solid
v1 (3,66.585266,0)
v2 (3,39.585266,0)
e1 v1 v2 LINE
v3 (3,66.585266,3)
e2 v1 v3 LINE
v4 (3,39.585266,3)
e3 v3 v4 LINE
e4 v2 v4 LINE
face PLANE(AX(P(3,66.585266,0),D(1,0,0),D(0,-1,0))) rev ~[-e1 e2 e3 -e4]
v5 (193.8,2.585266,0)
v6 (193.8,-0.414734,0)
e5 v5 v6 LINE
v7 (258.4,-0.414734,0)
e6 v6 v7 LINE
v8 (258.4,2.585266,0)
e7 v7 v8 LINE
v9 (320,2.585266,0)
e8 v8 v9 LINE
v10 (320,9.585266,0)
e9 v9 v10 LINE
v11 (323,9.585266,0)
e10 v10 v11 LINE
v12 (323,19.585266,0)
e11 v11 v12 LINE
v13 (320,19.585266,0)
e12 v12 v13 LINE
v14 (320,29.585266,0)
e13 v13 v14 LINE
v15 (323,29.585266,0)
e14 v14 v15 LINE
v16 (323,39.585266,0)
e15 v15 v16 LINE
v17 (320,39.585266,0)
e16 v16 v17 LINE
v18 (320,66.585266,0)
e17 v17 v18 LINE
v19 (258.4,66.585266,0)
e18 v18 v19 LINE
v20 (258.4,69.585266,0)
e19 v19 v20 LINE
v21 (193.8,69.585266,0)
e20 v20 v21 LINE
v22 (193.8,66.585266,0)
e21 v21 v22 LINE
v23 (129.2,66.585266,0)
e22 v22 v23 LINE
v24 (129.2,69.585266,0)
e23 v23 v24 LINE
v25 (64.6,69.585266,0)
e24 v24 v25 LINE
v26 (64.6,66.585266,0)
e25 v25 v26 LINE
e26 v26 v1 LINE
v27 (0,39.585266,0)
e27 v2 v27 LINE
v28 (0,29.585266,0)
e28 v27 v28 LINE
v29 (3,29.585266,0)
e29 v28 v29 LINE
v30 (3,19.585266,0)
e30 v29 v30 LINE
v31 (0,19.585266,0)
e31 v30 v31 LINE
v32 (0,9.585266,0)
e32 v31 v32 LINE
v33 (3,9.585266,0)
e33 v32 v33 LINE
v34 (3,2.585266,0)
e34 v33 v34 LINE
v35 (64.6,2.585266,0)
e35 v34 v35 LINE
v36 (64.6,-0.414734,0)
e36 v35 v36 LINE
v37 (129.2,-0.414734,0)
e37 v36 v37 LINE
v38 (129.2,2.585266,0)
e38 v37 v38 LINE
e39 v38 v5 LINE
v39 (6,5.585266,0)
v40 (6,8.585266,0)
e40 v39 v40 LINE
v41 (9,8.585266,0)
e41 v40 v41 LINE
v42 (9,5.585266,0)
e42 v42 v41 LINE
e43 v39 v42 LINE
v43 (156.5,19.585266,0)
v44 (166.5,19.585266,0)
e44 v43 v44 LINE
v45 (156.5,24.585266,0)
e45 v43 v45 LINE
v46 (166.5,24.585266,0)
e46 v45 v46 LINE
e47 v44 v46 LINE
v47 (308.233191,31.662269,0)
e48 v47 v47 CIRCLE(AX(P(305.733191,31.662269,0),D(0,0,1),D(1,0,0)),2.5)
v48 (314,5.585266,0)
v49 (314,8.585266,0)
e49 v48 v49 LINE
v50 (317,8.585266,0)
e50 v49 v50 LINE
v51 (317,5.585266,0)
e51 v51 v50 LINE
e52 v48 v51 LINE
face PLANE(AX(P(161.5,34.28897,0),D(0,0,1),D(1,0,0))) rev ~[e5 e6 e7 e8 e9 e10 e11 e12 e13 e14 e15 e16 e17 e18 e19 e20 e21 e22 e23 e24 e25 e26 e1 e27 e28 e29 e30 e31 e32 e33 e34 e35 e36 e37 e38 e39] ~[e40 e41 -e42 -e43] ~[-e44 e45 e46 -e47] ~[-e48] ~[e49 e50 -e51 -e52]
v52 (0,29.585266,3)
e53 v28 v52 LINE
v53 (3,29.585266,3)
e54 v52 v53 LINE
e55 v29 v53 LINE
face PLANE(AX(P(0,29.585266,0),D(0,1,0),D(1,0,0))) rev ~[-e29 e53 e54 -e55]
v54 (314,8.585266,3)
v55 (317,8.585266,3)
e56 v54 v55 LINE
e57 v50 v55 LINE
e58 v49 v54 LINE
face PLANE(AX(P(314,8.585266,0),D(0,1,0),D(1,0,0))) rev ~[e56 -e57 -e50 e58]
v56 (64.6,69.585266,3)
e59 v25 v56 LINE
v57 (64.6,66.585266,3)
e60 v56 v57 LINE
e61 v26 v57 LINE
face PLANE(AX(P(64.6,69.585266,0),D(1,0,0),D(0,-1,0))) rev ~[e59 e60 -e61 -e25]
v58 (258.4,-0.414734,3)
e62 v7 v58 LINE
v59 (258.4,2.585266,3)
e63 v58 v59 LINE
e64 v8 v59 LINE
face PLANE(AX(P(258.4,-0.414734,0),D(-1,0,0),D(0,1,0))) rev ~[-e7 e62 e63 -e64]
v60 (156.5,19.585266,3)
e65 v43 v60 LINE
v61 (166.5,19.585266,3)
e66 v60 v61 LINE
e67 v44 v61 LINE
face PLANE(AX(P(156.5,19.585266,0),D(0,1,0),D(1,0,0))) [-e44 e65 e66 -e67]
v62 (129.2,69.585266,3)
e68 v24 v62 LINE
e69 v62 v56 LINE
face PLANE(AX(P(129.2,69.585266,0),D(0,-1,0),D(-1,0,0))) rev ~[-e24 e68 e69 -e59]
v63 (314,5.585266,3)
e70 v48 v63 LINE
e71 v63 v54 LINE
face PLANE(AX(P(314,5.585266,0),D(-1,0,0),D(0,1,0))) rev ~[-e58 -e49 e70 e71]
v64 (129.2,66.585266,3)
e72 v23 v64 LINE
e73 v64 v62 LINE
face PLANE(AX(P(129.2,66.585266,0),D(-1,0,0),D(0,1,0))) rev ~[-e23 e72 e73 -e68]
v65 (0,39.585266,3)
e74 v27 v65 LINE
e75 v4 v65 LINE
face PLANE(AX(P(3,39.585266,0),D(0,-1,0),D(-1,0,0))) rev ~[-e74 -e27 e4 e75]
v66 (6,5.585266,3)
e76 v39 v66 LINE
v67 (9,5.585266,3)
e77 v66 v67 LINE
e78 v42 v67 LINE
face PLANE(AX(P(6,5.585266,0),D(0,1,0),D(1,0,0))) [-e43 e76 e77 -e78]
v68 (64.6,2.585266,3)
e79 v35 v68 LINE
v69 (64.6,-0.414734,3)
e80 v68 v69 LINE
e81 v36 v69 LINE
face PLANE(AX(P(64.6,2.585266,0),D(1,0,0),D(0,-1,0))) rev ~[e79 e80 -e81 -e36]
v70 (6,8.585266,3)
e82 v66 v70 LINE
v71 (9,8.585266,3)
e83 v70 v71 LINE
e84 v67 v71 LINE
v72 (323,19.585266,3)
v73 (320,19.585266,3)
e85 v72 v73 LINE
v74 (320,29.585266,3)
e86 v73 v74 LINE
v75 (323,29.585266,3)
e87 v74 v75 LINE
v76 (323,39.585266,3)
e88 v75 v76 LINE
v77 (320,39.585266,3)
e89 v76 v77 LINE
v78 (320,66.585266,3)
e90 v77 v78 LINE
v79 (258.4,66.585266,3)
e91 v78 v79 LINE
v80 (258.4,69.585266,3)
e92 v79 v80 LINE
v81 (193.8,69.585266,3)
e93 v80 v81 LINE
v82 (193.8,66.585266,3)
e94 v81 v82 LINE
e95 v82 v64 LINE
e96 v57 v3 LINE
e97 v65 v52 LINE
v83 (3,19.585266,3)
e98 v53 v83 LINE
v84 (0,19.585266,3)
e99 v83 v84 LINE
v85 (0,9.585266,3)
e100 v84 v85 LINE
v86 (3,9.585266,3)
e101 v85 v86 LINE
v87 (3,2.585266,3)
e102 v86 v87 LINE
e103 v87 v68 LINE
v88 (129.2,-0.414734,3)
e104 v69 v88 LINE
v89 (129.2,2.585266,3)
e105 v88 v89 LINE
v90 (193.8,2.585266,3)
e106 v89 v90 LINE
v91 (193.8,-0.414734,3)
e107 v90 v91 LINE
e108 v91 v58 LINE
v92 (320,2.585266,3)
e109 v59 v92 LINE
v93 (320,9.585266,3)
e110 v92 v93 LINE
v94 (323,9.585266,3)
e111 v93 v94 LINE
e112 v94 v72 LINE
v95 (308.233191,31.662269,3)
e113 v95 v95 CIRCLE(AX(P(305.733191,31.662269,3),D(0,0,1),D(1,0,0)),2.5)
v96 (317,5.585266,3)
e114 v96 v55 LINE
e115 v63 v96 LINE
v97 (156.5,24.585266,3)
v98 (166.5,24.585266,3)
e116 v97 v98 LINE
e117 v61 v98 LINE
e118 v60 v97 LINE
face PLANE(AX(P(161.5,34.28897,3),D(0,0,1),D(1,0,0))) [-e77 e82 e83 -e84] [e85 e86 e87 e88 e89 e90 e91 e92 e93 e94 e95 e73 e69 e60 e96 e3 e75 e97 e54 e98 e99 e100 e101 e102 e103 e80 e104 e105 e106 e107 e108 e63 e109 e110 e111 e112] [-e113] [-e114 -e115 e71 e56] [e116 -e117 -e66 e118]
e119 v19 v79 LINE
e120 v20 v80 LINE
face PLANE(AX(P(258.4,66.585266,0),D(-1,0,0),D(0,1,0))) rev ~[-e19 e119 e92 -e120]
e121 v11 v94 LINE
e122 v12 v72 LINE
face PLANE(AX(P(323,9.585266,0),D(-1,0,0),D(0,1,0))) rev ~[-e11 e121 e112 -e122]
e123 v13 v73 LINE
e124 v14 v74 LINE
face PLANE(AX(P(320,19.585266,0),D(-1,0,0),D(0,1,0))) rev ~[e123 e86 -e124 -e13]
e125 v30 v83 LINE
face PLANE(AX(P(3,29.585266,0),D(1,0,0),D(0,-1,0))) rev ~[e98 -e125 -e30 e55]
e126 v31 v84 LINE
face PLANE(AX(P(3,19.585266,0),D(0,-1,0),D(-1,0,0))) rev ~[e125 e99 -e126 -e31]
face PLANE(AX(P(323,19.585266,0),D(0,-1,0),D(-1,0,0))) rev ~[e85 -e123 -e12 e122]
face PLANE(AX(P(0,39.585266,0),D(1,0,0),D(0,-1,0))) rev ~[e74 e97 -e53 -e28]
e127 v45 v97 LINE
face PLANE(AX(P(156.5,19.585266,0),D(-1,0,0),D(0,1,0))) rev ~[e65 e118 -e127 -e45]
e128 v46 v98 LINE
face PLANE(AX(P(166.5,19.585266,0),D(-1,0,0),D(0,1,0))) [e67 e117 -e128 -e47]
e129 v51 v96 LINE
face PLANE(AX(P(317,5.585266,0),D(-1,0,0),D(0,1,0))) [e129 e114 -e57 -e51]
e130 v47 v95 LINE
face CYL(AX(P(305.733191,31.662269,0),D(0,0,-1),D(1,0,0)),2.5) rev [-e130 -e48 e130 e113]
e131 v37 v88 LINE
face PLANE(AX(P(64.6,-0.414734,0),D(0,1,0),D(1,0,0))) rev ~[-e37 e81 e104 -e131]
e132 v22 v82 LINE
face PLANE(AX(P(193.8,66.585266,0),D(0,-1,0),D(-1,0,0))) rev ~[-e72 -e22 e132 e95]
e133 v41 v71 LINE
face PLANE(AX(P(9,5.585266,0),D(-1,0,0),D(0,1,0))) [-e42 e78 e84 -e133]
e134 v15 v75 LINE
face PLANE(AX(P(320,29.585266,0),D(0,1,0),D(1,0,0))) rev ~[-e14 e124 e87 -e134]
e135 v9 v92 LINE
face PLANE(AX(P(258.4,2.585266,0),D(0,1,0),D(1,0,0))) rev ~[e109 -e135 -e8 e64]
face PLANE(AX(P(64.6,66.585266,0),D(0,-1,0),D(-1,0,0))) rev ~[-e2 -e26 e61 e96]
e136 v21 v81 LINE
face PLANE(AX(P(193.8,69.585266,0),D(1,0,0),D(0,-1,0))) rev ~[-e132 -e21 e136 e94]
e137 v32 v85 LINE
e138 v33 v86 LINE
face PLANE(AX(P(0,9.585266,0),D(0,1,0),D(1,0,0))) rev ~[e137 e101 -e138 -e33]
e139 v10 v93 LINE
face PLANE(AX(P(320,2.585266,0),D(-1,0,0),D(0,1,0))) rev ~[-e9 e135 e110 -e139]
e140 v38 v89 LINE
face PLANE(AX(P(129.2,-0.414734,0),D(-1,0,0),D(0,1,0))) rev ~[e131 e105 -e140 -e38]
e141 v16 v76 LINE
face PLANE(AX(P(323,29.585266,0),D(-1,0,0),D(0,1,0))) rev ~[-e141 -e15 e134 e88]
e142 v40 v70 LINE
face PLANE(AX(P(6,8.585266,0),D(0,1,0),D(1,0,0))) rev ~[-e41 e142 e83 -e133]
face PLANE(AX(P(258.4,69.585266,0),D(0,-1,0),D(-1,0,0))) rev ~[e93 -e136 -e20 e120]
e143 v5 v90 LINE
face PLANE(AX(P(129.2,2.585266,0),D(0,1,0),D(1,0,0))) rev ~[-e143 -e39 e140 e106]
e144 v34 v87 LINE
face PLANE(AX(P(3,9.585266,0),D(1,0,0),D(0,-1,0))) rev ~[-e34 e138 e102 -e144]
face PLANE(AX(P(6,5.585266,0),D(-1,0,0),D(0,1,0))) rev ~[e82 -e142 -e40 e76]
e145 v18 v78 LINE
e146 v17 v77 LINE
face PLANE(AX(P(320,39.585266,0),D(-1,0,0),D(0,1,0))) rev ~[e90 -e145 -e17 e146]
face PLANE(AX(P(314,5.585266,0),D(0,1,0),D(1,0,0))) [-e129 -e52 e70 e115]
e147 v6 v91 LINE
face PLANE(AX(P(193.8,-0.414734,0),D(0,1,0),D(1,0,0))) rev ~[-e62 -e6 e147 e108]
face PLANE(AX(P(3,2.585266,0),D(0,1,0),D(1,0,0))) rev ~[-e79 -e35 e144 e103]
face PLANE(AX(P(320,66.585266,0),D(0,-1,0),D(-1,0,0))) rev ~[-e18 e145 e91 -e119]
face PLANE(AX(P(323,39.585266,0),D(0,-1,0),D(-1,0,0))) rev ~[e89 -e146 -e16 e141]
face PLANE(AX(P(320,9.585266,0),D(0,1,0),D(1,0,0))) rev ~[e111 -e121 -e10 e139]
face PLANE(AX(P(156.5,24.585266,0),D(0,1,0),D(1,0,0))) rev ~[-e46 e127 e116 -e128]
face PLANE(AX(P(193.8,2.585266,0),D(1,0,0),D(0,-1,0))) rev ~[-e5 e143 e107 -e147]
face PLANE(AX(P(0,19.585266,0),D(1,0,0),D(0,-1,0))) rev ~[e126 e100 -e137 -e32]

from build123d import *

# Parameters (mm, degrees)
SKETCH1_R           = 2.5
SKETCH1_W           = 3
SKETCH1_H           = 3
SKETCH1_W_2         = 10
SKETCH1_H_2         = 5
BOSS_EXTRUDE1_DEPTH = 3


with BuildPart() as part:
    # Sketch1 → Boss-Extrude1 (new body)
    with BuildSketch(Plane.XY):
        Polygon((0, 39.585266036), (0, 29.585266036), (3, 29.585266036), (3, 19.585266036), (0, 19.585266036), (0, 9.585266036), (3, 9.585266036), (3, 2.585266036), (64.6, 2.585266036), (64.6, -0.414733964), (129.2, -0.414733964), (129.2, 2.585266036), (193.8, 2.585266036), (193.8, -0.414733964), (258.4, -0.414733964), (258.4, 2.585266036), (320, 2.585266036), (320, 9.585266036), (323, 9.585266036), (323, 19.585266036), (320, 19.585266036), (320, 29.585266036), (323, 29.585266036), (323, 39.585266036), (320, 39.585266036), (320, 66.585266036), (258.4, 66.585266036), (258.4, 69.585266036), (193.8, 69.585266036), (193.8, 66.585266036), (129.2, 66.585266036), (129.2, 69.585266036), (64.6, 69.585266036), (64.6, 66.585266036), (3, 66.585266036), (3, 39.585266036), align=None)
        with Locations((305.733190997, 31.662269088)):
            Circle(SKETCH1_R, mode=Mode.SUBTRACT)
        with Locations((315.5, 7.085266036)):
            Rectangle(SKETCH1_W, SKETCH1_H, mode=Mode.SUBTRACT)
        with Locations((7.5, 7.085266036)):
            Rectangle(SKETCH1_W, SKETCH1_H, mode=Mode.SUBTRACT)
        with Locations((161.5, 22.085266036)):
            Rectangle(SKETCH1_W_2, SKETCH1_H_2, mode=Mode.SUBTRACT)
    extrude(amount=BOSS_EXTRUDE1_DEPTH)


solid = part.part
